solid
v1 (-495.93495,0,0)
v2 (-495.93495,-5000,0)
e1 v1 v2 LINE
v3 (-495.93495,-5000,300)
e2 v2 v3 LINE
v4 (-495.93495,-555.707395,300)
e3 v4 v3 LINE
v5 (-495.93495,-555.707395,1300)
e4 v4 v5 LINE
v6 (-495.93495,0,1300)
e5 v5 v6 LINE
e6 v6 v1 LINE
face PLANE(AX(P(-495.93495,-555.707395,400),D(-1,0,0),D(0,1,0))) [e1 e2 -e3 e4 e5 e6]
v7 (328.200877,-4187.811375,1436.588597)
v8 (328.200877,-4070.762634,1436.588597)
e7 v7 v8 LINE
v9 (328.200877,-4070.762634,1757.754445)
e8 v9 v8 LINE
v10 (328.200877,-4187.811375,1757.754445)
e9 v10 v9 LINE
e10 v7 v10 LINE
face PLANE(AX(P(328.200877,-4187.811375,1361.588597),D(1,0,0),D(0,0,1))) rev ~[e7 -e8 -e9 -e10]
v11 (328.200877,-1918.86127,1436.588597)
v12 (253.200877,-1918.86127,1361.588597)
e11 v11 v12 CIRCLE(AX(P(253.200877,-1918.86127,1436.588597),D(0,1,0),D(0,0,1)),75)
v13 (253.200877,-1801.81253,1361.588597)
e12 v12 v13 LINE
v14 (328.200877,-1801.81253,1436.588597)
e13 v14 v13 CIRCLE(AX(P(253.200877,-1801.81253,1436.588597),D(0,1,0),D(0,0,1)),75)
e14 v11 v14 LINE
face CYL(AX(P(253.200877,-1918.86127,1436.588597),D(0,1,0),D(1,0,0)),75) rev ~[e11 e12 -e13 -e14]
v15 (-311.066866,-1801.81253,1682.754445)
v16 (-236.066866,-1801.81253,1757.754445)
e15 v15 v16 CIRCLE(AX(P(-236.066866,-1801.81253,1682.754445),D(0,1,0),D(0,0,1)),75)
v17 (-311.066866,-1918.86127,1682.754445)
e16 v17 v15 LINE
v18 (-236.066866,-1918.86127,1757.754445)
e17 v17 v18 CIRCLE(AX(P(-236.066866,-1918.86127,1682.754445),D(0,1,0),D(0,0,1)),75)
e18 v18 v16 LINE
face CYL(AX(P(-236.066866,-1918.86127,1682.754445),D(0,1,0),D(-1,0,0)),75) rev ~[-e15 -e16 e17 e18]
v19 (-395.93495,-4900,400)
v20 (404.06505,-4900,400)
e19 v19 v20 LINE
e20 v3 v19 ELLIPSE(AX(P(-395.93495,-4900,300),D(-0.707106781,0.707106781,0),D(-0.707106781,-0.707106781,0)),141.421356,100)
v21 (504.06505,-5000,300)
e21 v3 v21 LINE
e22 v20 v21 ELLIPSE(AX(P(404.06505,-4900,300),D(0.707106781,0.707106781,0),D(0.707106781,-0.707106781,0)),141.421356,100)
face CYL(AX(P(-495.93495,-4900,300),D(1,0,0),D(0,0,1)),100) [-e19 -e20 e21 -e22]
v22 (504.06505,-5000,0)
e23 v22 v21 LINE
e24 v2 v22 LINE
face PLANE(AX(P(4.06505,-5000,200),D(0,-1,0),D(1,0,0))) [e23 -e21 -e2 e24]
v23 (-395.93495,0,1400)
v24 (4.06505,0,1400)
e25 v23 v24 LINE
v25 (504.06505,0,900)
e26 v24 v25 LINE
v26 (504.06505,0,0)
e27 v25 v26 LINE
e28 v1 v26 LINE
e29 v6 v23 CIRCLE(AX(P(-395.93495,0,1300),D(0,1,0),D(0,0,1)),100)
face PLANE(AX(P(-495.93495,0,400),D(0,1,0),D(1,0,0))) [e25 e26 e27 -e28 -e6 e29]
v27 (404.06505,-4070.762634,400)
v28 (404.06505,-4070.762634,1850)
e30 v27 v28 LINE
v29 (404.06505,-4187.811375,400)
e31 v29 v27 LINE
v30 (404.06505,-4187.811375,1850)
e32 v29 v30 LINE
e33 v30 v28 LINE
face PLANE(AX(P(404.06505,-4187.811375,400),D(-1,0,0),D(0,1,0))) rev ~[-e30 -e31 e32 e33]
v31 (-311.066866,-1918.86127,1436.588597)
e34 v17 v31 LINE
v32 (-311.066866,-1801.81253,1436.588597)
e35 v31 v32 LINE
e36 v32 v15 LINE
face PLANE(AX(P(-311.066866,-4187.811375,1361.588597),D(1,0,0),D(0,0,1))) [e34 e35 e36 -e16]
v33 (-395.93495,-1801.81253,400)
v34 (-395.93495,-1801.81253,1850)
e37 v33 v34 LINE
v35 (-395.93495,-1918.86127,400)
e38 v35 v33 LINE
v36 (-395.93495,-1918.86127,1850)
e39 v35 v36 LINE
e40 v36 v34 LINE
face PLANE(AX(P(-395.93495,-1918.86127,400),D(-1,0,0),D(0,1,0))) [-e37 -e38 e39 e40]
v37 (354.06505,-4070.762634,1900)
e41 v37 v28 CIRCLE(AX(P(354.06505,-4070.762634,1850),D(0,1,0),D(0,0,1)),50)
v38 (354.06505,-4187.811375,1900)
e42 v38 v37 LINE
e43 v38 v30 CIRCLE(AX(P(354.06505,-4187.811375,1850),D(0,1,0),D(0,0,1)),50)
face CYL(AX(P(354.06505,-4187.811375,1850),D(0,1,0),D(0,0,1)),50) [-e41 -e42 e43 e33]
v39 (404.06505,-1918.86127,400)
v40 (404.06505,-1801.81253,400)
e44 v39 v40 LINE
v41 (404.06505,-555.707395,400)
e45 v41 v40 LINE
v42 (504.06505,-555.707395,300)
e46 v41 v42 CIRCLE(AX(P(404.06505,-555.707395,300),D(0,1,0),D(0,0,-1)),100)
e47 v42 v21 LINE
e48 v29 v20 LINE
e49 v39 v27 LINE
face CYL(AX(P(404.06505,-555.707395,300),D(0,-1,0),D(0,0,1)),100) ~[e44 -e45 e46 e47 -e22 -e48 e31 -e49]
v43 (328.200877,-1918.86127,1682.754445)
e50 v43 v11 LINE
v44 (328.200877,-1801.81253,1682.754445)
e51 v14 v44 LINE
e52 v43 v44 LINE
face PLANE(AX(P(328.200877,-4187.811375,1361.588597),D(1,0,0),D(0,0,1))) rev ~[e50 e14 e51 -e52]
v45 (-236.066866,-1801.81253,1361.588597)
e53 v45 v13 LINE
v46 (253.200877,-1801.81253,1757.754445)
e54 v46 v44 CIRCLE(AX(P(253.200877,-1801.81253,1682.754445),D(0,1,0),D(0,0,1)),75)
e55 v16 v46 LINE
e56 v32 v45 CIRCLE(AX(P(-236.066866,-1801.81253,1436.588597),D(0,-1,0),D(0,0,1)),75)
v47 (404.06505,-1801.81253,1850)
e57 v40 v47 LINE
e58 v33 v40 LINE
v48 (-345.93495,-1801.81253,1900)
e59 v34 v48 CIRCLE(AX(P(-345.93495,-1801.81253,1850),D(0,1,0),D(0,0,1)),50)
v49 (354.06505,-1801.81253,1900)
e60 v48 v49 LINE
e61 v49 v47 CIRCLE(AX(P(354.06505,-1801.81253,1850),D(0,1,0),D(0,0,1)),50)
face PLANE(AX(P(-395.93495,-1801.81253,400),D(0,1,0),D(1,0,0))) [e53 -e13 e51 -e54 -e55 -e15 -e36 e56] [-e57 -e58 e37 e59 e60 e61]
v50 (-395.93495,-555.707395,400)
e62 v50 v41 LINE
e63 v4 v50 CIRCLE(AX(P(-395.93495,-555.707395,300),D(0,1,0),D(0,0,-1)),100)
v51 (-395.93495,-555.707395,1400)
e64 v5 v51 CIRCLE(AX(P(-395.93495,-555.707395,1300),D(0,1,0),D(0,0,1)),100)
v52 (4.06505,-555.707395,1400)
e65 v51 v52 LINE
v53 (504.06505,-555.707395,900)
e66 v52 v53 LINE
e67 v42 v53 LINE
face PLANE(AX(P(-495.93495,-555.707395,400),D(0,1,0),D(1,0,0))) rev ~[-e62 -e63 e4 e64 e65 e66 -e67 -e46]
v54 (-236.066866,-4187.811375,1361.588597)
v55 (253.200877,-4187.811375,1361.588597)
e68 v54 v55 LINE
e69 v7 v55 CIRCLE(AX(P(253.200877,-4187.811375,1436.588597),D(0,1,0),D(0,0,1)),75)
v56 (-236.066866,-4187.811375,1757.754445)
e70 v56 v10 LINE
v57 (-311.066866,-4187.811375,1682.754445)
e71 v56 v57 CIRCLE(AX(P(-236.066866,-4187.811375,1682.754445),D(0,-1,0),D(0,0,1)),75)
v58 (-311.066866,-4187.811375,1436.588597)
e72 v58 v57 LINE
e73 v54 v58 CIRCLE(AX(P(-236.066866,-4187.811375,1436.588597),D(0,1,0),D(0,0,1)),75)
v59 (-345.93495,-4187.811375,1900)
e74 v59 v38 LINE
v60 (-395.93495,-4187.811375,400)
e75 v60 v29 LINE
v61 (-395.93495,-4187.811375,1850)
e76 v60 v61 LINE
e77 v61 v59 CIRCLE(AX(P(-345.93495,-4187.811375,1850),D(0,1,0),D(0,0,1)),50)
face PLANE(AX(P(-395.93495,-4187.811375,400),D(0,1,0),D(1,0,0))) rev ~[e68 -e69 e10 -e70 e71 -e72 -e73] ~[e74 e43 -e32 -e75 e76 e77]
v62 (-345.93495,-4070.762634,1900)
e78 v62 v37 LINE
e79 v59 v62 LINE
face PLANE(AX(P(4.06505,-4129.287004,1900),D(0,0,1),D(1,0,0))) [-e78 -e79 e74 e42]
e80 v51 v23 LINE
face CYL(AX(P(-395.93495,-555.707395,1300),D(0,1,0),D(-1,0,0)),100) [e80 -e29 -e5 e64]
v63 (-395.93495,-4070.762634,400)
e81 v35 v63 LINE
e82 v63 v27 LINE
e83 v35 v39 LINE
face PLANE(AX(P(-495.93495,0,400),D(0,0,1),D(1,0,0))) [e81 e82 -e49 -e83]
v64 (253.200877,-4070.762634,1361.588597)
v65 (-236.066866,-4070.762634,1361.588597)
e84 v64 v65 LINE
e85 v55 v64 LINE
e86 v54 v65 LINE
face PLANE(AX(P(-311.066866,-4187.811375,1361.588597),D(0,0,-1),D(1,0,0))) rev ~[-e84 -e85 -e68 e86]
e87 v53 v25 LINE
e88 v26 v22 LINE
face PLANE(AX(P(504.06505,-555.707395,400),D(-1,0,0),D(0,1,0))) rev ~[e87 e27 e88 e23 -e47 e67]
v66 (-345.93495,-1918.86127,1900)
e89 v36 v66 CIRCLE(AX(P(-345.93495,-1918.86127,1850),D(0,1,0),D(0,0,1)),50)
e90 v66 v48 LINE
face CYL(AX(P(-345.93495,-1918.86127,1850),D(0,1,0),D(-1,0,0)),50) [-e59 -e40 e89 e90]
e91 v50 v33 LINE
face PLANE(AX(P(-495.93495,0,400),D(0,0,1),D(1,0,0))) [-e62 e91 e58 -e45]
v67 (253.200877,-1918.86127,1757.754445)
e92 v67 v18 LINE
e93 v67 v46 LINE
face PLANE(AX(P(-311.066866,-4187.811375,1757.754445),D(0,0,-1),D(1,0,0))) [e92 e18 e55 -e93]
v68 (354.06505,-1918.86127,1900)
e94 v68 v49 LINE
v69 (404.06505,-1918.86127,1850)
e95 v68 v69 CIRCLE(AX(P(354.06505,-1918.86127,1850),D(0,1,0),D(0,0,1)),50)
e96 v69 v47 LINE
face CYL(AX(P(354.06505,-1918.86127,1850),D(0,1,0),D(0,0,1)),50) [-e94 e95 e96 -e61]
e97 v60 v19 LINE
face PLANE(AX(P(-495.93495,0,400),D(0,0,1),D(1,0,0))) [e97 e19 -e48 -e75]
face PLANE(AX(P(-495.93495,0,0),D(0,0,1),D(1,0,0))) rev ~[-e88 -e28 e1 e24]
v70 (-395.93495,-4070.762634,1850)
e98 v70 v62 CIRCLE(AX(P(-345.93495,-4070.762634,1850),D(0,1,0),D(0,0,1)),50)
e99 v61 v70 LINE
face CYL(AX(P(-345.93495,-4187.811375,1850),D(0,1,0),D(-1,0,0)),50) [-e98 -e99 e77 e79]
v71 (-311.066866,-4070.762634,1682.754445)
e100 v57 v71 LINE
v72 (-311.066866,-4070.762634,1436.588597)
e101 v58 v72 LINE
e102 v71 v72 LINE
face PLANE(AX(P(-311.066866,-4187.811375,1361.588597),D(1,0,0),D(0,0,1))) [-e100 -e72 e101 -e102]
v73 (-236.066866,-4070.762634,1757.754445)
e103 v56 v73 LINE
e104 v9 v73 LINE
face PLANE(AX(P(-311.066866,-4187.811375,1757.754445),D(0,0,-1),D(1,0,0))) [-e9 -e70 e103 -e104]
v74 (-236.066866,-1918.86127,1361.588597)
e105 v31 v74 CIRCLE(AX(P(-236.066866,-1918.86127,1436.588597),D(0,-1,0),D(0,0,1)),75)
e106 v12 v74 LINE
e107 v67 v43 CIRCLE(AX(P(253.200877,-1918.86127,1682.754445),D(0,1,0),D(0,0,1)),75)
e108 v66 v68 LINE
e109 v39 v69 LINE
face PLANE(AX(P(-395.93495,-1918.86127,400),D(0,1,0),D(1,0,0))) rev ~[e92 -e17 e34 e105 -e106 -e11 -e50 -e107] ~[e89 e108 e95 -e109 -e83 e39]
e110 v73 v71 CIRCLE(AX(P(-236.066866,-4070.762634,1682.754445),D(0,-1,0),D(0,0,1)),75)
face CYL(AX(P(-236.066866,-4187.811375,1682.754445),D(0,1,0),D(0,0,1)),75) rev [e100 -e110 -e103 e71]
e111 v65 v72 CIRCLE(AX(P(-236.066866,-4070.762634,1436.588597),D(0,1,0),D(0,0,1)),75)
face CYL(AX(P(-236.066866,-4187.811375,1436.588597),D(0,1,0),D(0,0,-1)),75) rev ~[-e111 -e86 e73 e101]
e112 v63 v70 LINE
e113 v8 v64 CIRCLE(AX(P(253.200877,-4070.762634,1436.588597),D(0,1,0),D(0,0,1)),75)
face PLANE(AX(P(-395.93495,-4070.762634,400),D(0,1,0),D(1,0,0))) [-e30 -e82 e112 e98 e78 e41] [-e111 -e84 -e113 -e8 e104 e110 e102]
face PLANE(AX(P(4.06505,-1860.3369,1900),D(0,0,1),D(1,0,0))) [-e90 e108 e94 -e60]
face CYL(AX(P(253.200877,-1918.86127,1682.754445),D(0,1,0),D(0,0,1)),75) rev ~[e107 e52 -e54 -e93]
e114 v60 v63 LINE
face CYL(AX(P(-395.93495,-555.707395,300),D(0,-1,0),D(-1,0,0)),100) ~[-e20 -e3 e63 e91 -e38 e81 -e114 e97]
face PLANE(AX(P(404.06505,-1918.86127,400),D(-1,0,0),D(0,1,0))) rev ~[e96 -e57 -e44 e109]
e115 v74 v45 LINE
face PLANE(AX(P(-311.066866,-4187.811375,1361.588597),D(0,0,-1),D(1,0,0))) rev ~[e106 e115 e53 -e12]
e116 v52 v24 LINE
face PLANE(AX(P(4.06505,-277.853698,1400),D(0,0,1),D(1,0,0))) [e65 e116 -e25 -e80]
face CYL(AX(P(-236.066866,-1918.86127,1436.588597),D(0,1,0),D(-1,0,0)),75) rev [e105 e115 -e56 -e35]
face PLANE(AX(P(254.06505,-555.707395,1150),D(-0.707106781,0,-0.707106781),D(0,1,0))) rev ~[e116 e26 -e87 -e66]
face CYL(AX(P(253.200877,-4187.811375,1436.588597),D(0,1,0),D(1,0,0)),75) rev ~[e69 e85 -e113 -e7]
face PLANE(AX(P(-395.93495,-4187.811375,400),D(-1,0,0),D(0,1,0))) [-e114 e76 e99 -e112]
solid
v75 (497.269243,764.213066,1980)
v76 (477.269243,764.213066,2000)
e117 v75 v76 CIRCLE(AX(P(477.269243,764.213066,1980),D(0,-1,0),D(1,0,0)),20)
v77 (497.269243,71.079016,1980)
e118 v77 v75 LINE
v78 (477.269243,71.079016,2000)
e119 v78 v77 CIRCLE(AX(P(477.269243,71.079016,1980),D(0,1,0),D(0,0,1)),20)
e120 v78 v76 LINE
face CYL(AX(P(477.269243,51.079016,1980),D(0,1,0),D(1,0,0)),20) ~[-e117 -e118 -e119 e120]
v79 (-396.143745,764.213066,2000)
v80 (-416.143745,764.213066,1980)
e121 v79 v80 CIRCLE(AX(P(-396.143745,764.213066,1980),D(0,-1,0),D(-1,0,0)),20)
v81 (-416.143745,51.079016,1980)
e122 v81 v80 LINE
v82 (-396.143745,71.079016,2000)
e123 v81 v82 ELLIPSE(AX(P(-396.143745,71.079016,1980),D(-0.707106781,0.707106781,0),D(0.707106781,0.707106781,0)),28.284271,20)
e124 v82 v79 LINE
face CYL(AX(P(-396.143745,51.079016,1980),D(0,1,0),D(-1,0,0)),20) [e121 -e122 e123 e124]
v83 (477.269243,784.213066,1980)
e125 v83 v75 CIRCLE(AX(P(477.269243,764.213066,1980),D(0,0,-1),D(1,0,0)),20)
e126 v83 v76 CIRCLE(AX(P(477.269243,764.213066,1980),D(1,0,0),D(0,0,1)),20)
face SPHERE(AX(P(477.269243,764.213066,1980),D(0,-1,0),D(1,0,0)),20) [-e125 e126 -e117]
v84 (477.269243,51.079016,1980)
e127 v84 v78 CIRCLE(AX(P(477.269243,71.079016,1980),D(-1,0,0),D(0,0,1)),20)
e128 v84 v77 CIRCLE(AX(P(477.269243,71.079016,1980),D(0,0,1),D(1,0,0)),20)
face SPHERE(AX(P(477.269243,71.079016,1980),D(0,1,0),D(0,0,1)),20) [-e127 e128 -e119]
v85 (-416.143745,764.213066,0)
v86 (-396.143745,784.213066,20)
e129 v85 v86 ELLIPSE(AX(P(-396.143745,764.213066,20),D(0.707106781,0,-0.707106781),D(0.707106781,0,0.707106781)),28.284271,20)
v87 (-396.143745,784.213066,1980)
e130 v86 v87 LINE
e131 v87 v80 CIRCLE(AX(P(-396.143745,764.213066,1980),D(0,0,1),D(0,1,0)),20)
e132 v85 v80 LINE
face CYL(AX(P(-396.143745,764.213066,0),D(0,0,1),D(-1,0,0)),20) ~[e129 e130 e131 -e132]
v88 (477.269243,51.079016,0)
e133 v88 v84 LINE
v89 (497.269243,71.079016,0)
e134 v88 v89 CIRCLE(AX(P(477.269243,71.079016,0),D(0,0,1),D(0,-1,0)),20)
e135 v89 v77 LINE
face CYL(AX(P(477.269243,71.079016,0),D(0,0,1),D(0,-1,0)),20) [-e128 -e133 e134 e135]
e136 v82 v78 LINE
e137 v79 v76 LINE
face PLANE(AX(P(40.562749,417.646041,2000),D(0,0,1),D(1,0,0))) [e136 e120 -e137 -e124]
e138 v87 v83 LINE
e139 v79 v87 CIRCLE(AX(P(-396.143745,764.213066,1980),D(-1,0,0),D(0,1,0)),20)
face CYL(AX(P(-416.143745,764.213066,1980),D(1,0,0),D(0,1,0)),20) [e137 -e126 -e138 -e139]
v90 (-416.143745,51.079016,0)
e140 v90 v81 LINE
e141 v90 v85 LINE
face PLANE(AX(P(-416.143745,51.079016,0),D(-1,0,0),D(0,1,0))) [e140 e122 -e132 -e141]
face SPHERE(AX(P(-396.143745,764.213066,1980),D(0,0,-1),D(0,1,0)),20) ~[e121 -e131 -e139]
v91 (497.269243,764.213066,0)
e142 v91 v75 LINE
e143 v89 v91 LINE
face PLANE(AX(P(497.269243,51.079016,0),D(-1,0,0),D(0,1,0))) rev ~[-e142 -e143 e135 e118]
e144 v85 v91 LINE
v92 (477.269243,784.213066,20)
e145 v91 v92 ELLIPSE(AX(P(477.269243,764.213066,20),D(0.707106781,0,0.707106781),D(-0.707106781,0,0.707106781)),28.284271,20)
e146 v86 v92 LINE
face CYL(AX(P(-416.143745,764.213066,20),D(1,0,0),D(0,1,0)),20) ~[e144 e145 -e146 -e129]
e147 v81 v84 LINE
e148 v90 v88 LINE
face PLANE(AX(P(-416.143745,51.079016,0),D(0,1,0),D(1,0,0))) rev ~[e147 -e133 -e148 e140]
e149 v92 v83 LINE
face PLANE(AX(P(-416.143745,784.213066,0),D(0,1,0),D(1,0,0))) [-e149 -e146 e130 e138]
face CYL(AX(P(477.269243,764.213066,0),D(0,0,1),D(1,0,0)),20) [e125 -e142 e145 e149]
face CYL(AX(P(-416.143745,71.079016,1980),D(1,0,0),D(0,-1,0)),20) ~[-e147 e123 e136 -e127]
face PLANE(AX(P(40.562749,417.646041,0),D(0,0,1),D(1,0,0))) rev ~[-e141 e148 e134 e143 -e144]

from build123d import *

# Parameters (mm, degrees)
F0_W      = 1000
F0_H      = 400
F1_DEPTH  = 5000
F2_W      = 1000
F2_H      = 555.7073950768
F3_DEPTH  = 1000
F4_R      = 100
F5_W      = 800
F5_H      = 117.048740387
F6_DEPTH  = 1500
F7_R      = 50
F8_SIZE   = 500
F9_W      = 639.2677426338
F9_H      = 396.1658477783
F10_DEPTH = 2385.9988451004
F11_R     = 75
F12_W     = 913.4129881859
F12_H     = 733.1340499222
F13_DEPTH = 2000
F14_R     = 20


with BuildPart() as f1:
    # F0 (on Front) → F1 (new body)
    with BuildSketch(Plane.XZ):
        with Locations((4.065050291, 200)):
            Rectangle(F0_W, F0_H)
    extrude(amount=F1_DEPTH)

    # F2 (on face) → F3 (join)
    with BuildSketch(Plane.XY.offset(400)):
        with Locations((4.065050291, -277.8536975384)):
            Rectangle(F2_W, F2_H)
    extrude(amount=F3_DEPTH)

    # F4
    f4_edges = [f1.edges().sort_by_distance(p)[0] for p in [
        (-495.93495, -277.853698, 1400),
        (-495.93495, -2777.853698, 400),
        (504.06505, -2777.853698, 400),
        (4.06505, -5000, 400),
    ]]
    fillet(f4_edges, radius=F4_R)

    # F5 (on face) → F6 (join)
    with BuildSketch(Plane.XY.offset(400)):
        with Locations((4.065050291, -4129.2870044708)):
            Rectangle(F5_W, F5_H)
        with Locations((4.065050291, -1860.3368997574)):
            Rectangle(F5_W, F5_H)
    extrude(amount=F6_DEPTH)

    # F7
    f7_edges = [f1.edges().sort_by_distance(p)[0] for p in [
        (404.06505, -4129.287004, 1900),
        (404.06505, -1860.3369, 1900),
        (-395.93495, -1860.3369, 1900),
        (-395.93495, -4129.287004, 1900),
    ]]
    fillet(f7_edges, radius=F7_R)

    # F8
    f8_edges = [f1.edges().sort_by_distance(p)[0] for p in [
        (504.06505, -277.853698, 1400),
    ]]
    chamfer(f8_edges, length=F8_SIZE)

    # F9 (on face) → F10 (cut, through all)
    with BuildSketch(Plane.XZ.offset(4187.8113746643)):
        with Locations((8.5670053959, 1559.6715211868)):
            Rectangle(F9_W, F9_H)
    extrude(amount=-F10_DEPTH, mode=Mode.SUBTRACT)

    # F11
    f11_edges = [f1.edges().sort_by_distance(p)[0] for p in [
        (-311.066866, -4129.287004, 1757.754445),
        (-311.066866, -1860.3369, 1757.754445),
        (-311.066866, -4129.287004, 1361.588597),
        (-311.066866, -1860.3369, 1361.588597),
        (328.200877, -1860.3369, 1361.588597),
        (328.200877, -4129.287004, 1361.588597),
        (328.200877, -1860.3369, 1757.754445),
    ]]
    fillet(f11_edges, radius=F11_R)


with BuildPart() as f13:
    # F12 (on Top) → F13 (new body)
    with BuildSketch(Plane.XY):
        with Locations((40.562748909, 417.64604114)):
            Rectangle(F12_W, F12_H)
    extrude(amount=F13_DEPTH)

    # F14
    f14_edges = [f13.edges().sort_by_distance(p)[0] for p in [
        (497.269243, 417.646041, 2000),
        (497.269243, 784.213066, 1000),
        (-416.143745, 784.213066, 1000),
        (40.562749, 784.213066, 0),
        (40.562749, 784.213066, 2000),
        (-416.143745, 417.646041, 2000),
        (40.562749, 51.079016, 2000),
        (497.269243, 51.079016, 1000),
    ]]
    fillet(f14_edges, radius=F14_R)


solid = Compound([f1.part, f13.part])
